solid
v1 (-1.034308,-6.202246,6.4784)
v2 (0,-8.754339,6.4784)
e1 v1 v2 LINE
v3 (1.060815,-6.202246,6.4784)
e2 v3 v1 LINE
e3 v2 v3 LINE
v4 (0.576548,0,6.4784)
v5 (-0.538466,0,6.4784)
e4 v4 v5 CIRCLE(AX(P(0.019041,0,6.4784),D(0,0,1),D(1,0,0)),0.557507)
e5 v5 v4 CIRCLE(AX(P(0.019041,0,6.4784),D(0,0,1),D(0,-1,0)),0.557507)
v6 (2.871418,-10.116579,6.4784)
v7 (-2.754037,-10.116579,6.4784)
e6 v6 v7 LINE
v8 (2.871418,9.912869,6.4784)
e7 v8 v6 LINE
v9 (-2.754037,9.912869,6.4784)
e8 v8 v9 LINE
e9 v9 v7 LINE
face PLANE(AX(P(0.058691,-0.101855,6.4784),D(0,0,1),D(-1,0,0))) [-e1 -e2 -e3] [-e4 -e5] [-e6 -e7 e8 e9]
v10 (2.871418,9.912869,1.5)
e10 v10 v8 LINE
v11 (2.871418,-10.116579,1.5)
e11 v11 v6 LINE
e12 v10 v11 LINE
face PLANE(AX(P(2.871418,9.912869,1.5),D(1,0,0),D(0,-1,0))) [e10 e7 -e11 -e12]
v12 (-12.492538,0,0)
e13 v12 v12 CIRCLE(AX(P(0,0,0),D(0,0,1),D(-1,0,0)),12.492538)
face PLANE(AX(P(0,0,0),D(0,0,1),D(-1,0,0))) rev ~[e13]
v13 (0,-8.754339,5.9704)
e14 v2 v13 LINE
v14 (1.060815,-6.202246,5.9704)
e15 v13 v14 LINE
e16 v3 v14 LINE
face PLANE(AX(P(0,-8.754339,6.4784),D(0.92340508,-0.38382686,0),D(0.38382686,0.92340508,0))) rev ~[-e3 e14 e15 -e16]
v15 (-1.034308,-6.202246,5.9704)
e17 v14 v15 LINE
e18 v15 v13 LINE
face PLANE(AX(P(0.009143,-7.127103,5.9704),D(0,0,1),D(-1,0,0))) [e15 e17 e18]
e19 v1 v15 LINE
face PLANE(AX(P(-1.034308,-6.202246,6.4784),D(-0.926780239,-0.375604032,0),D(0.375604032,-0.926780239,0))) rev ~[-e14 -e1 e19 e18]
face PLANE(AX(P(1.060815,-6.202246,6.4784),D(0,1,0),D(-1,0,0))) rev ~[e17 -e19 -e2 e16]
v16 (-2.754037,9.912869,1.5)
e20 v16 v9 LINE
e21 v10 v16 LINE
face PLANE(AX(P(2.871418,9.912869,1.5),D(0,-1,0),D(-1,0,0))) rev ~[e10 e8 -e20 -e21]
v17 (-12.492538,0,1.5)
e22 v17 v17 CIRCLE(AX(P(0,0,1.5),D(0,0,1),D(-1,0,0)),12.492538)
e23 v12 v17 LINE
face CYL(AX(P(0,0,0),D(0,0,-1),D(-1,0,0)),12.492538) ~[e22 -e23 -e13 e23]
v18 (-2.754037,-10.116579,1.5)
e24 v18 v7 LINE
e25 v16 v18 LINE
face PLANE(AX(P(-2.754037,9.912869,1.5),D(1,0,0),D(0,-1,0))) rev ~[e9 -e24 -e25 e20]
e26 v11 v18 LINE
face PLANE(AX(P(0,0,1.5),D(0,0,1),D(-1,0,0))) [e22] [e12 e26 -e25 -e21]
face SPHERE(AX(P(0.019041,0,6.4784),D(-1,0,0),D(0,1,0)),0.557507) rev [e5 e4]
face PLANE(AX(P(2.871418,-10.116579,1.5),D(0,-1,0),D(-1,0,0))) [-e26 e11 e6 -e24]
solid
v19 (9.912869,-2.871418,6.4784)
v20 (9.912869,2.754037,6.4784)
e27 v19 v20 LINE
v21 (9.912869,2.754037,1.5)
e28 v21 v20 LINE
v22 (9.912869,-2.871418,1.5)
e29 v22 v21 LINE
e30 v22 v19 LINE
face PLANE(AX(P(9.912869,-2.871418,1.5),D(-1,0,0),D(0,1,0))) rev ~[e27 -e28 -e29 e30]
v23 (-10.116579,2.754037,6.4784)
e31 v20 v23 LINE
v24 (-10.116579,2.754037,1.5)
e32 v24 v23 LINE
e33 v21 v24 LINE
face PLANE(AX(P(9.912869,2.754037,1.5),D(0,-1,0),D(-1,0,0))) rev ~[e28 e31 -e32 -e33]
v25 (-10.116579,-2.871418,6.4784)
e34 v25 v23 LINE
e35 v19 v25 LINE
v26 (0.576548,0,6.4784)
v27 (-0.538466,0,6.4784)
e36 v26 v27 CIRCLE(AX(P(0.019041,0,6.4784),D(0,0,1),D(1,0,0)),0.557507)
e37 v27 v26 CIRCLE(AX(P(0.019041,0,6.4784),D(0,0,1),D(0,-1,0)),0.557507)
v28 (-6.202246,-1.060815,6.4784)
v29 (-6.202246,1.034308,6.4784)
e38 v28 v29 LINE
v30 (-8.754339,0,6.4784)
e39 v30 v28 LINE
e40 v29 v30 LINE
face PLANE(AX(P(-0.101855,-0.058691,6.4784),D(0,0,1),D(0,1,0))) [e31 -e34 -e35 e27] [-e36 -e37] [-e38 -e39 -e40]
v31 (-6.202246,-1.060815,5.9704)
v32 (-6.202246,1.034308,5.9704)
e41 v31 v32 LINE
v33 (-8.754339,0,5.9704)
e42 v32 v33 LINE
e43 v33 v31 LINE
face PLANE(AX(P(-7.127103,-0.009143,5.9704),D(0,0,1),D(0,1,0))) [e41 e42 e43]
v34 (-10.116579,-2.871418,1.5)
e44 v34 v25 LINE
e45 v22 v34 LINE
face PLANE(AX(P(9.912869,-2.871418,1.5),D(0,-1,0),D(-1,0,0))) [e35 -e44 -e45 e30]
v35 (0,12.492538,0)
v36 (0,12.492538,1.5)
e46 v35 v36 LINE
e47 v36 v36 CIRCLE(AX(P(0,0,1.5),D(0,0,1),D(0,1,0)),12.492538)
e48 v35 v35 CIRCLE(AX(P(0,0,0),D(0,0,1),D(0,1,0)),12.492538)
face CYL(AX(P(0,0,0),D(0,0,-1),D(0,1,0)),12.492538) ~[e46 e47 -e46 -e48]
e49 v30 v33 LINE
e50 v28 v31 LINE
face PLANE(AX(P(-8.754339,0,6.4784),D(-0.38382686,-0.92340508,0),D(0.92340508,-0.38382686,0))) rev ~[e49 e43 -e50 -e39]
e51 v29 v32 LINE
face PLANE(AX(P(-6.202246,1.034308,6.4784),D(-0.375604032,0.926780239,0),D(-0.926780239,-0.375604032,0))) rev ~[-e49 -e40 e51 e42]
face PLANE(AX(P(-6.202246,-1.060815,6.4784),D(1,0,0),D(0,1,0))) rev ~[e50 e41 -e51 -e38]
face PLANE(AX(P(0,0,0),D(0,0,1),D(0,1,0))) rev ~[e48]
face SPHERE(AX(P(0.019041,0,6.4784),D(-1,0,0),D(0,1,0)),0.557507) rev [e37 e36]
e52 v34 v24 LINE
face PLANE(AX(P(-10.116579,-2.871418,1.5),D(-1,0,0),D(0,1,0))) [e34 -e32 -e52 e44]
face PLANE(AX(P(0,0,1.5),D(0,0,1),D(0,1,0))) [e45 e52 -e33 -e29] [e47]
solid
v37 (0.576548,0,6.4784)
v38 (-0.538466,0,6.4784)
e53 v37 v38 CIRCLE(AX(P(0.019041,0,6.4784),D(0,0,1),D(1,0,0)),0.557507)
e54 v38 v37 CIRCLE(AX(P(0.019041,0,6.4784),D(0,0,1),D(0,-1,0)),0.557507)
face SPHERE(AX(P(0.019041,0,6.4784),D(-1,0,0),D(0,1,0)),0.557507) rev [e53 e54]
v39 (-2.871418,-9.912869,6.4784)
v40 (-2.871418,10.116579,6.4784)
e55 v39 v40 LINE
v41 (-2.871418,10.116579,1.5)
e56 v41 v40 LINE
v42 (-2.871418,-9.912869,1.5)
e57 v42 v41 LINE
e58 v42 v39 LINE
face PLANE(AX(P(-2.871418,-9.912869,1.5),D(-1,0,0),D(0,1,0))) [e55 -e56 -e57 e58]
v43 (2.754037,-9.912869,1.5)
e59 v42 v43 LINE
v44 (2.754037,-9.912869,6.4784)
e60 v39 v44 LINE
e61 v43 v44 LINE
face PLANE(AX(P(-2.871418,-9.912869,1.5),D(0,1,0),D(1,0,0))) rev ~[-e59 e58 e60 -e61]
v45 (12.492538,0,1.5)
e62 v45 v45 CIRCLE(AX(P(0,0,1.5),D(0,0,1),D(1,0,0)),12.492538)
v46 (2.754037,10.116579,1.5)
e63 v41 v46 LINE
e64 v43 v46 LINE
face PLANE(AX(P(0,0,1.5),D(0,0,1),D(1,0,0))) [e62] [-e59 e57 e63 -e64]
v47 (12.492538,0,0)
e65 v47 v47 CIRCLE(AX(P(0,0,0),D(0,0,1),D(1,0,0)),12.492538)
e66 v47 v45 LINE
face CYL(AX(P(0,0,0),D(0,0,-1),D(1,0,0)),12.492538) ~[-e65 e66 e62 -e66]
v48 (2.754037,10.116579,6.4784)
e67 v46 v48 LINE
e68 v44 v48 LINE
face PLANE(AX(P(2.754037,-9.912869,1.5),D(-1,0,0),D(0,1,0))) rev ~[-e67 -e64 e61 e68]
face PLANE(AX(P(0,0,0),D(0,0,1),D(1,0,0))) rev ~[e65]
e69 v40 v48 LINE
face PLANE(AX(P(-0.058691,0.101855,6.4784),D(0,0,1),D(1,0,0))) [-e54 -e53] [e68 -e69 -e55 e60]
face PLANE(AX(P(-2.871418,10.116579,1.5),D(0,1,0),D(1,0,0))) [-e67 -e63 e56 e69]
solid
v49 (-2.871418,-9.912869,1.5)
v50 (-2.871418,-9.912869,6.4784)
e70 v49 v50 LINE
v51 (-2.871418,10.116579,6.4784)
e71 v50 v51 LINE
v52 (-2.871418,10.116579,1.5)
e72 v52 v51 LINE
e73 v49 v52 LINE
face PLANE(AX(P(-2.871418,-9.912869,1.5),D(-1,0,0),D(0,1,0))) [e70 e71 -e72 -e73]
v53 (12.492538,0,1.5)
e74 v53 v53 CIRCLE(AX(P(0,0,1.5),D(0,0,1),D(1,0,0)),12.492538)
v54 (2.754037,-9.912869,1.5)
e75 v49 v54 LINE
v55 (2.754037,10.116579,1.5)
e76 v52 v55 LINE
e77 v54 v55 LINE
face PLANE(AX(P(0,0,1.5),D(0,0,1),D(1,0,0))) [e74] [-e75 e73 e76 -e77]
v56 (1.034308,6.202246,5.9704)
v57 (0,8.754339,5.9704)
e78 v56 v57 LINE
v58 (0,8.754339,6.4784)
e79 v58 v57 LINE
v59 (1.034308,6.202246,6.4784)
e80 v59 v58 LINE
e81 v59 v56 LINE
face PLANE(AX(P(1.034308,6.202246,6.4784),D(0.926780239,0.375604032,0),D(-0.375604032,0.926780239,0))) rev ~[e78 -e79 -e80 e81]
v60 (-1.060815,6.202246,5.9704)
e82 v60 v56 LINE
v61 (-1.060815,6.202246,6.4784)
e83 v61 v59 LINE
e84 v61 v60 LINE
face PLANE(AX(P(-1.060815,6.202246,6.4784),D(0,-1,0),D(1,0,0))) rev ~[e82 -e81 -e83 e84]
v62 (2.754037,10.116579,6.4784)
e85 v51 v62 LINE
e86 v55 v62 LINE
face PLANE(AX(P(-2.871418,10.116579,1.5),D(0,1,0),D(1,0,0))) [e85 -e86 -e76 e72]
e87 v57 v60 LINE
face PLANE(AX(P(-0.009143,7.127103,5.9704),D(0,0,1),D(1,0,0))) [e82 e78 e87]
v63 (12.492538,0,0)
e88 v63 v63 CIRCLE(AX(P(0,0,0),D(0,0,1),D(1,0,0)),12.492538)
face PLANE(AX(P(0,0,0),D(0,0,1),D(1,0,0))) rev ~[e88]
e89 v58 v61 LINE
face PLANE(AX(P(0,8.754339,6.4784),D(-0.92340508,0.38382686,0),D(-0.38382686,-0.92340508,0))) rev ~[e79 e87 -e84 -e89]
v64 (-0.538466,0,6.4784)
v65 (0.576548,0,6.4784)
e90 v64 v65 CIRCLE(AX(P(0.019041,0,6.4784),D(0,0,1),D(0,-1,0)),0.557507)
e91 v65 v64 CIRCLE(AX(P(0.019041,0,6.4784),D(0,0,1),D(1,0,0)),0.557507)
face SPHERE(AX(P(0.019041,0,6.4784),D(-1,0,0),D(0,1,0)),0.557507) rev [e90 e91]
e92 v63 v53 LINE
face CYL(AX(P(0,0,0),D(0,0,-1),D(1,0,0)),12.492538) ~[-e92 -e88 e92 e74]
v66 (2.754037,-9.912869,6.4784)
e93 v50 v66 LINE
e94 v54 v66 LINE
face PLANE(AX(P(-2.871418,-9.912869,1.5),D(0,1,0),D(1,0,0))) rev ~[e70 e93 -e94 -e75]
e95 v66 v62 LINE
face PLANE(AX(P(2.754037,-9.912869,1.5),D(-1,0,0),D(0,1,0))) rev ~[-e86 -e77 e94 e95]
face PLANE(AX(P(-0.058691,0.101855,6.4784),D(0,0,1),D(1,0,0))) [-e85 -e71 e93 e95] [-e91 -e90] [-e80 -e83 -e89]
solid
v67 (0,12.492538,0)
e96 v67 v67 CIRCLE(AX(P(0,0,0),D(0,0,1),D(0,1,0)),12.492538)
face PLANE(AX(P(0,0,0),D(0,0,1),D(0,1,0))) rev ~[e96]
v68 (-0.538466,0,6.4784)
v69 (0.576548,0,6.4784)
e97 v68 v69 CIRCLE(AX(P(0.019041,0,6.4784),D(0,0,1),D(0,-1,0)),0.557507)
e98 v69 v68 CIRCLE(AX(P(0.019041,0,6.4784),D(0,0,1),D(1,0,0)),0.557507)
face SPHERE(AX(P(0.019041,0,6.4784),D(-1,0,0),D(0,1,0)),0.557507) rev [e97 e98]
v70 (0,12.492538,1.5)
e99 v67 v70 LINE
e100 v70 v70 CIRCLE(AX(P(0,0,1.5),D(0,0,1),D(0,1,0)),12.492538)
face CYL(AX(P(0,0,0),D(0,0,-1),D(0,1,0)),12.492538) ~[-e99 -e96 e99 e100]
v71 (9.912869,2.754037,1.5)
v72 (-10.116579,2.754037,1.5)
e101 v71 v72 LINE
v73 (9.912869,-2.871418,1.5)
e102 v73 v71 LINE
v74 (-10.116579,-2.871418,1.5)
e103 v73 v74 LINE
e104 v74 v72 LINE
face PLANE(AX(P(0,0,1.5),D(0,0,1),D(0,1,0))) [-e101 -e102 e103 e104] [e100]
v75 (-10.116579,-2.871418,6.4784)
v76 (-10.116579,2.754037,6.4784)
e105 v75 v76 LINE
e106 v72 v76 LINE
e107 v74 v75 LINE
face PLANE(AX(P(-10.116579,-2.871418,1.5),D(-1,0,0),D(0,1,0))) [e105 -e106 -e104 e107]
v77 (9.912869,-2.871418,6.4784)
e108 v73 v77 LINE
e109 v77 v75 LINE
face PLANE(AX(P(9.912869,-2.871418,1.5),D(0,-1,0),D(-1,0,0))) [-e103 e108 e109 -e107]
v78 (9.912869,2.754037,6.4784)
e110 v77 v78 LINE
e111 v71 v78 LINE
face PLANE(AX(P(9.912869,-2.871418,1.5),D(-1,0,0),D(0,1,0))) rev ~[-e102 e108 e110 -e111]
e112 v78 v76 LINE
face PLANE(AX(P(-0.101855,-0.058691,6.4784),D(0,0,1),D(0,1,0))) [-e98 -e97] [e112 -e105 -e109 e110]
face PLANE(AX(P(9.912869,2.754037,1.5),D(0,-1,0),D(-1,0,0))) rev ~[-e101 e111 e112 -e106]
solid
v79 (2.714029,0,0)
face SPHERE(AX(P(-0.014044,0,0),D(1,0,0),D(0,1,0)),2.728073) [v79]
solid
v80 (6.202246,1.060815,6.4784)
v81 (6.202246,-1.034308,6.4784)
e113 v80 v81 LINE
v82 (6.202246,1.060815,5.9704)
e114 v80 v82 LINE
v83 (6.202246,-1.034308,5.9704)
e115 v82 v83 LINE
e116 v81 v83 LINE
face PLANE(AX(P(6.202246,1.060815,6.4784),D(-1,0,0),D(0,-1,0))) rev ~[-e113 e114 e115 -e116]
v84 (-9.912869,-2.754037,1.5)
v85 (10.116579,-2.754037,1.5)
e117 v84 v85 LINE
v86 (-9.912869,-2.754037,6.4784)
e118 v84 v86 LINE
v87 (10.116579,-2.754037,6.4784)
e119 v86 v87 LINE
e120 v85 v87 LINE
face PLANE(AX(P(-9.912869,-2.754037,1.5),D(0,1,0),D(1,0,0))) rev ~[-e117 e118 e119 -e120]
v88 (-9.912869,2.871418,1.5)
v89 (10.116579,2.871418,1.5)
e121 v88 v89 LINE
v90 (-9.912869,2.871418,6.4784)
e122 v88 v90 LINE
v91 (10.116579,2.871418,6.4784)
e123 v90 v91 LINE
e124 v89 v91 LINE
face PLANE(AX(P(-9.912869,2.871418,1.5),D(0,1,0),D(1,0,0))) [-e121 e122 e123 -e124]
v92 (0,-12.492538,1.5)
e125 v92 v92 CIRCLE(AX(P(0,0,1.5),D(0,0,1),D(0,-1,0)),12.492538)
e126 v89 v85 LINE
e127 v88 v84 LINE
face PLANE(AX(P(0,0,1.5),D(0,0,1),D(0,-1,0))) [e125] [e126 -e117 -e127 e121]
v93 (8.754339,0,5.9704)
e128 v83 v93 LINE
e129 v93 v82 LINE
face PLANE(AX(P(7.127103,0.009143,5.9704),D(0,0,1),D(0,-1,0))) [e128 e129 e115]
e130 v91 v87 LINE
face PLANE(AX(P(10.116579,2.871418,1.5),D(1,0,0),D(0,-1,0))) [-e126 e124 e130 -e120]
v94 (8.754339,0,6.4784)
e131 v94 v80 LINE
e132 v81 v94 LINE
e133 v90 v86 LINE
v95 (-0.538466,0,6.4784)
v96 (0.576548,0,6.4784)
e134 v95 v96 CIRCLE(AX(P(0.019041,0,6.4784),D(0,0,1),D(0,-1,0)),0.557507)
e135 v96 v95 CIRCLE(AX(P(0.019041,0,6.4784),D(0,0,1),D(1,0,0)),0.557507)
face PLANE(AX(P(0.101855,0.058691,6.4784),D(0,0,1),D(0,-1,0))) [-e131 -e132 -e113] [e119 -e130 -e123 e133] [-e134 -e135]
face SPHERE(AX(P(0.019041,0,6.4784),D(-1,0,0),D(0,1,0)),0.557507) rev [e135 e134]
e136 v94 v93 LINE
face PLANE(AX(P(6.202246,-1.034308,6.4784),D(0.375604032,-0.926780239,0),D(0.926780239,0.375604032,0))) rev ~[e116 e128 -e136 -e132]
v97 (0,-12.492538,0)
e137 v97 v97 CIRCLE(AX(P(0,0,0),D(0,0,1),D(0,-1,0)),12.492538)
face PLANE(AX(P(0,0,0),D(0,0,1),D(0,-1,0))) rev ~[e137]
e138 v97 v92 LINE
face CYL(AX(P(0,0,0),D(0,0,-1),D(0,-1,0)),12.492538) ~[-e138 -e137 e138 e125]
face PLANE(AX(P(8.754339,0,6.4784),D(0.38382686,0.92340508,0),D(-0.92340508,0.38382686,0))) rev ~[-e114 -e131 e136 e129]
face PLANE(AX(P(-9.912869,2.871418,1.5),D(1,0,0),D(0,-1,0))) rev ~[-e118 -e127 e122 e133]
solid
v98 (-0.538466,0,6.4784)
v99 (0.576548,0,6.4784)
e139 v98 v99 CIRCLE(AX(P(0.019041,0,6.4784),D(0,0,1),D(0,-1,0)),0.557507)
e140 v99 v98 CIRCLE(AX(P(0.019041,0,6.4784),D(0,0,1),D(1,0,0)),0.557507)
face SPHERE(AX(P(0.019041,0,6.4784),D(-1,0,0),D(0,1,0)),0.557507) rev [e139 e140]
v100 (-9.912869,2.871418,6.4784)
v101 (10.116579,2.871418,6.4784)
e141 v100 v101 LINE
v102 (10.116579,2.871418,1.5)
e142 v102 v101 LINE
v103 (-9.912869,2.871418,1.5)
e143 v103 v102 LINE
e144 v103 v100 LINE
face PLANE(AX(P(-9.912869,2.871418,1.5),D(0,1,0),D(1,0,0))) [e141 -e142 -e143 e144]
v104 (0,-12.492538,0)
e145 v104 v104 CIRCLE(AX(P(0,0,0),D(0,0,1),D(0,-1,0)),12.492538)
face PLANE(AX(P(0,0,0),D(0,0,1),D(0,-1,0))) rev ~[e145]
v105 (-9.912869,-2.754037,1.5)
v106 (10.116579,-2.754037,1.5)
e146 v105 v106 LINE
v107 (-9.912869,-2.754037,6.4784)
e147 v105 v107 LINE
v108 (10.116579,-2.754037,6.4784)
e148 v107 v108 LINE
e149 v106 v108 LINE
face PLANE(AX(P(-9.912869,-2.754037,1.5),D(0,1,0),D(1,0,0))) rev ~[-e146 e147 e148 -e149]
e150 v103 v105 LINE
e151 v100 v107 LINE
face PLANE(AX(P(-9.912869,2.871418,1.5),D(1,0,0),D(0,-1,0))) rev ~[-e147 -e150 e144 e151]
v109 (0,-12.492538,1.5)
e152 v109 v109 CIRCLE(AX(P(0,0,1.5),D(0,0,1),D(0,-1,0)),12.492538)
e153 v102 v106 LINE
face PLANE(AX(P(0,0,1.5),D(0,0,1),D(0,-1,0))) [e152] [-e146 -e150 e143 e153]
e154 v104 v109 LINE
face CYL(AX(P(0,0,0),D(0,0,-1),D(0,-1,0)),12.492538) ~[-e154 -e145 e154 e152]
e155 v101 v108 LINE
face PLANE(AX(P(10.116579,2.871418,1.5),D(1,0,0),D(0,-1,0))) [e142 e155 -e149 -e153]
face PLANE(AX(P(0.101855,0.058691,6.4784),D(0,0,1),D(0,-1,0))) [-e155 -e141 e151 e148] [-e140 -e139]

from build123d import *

# Parameters (mm, degrees)
F0_R     = 12.4925376122
F1_DEPTH = 1.49999954
F2_W     = 5.6254547089
F2_H     = 20.0294479728
F3_DEPTH = 4.9784
F4_ANGLE = 90
F6_DEPTH = 0.508
F7_ANGLE = 90
F8_ANGLE = 180
F9_ANGLE = 270


with BuildPart() as f1:
    # F0 (on Top) → F1 (new body)
    with BuildSketch(Plane.XY):
        Circle(F0_R)
    extrude(amount=F1_DEPTH)

    # F2 (on face) → F3 (join)
    with BuildSketch(Plane.XY.offset(1.49999954)):
        with Locations((-0.0586905517, 0.1018550247)):
            Rectangle(F2_W, F2_H)
    extrude(amount=F3_DEPTH)


with BuildPart() as f4_1:
    # F4: copy of F1
    add(f1.part.rotate(Axis((0, 0, 1.49999954), (0, 0, 1)), F4_ANGLE))


with BuildPart() as f1_1:
    add(f1.part)

    # F5 (on face) → F6 (cut)
    with BuildSketch(Plane.XY.offset(6.47839954)):
        Polygon((1.0343084128, 6.2022455968), (0, 8.7543390691), (-1.060815071, 6.2022455968), align=None)
    extrude(amount=-F6_DEPTH, mode=Mode.SUBTRACT)


with BuildPart() as f7_1:
    # F7: copy of F1
    add(f1_1.part.rotate(Axis((0, 0, 1.49999954), (0, 0, 1)), F7_ANGLE))


with BuildPart() as f8_1:
    # F8: copy of F1
    add(f1_1.part.rotate(Axis((0, 0, 1.49999954), (0, 0, 1)), F8_ANGLE))


with BuildPart() as f8_2:
    # F8: copy of F4_1
    add(f4_1.part.rotate(Axis((0, 0, 1.49999954), (0, 0, 1)), F8_ANGLE))


with BuildPart() as f9_1:
    # F9: copy of F4_1
    add(f4_1.part.rotate(Axis((0, 0, 1.49999954), (0, 0, 1)), F9_ANGLE))


with BuildPart() as f9_2:
    # F9: copy of F1
    add(f1_1.part.rotate(Axis((0, 0, 1.49999954), (0, 0, 1)), F9_ANGLE))


with BuildPart() as f11:
    # F10 (on face) → F11 (revolve)
    with BuildSketch(Plane(origin=(0, 0, 0), x_dir=(1, 0, 0), z_dir=(0, 0, -1))):
        with BuildLine():
            Line((2.7140288148, 0), (-2.7421168052, 0))
            ThreePointArc((-2.7421168052, 0), (-0.0140439952, -2.72807281), (2.7140288148, 0))
        make_face()
    revolve(axis=Axis((0.2995932009, 0, 0), (1, 0, 0)))


with BuildPart() as f13_tool:
    # F12 (on face) → F13 (revolve)
    with BuildSketch(Plane.XY.offset(6.47839954)):
        with BuildLine():
            Line((-0.5384656251, 0), (0.5765479291, 0))
            ThreePointArc((0.5765479291, 0), (0.019041152, 0.5575067771), (-0.5384656251, 0))
        make_face()
    revolve(axis=Axis((0.0574899605, 0, 6.47839954), (1, 0, 0)))


with BuildPart() as f1_2:
    add(f1_1.part)

    # F13: cut by f13_tool
    add(f13_tool.part, mode=Mode.SUBTRACT)


with BuildPart() as f4_1_1:
    add(f4_1.part)

    # F13: cut by f13_tool
    add(f13_tool.part, mode=Mode.SUBTRACT)


with BuildPart() as f7_1_1:
    add(f7_1.part)

    # F13: cut by f13_tool
    add(f13_tool.part, mode=Mode.SUBTRACT)


with BuildPart() as f8_1_1:
    add(f8_1.part)

    # F13: cut by f13_tool
    add(f13_tool.part, mode=Mode.SUBTRACT)


with BuildPart() as f8_2_1:
    add(f8_2.part)

    # F13: cut by f13_tool
    add(f13_tool.part, mode=Mode.SUBTRACT)


with BuildPart() as f9_1_1:
    add(f9_1.part)

    # F13: cut by f13_tool
    add(f13_tool.part, mode=Mode.SUBTRACT)


with BuildPart() as f9_2_1:
    add(f9_2.part)

    # F13: cut by f13_tool
    add(f13_tool.part, mode=Mode.SUBTRACT)


solid = Compound([f11.part, f1_2.part, f4_1_1.part, f7_1_1.part, f8_1_1.part, f8_2_1.part, f9_1_1.part, f9_2_1.part])
